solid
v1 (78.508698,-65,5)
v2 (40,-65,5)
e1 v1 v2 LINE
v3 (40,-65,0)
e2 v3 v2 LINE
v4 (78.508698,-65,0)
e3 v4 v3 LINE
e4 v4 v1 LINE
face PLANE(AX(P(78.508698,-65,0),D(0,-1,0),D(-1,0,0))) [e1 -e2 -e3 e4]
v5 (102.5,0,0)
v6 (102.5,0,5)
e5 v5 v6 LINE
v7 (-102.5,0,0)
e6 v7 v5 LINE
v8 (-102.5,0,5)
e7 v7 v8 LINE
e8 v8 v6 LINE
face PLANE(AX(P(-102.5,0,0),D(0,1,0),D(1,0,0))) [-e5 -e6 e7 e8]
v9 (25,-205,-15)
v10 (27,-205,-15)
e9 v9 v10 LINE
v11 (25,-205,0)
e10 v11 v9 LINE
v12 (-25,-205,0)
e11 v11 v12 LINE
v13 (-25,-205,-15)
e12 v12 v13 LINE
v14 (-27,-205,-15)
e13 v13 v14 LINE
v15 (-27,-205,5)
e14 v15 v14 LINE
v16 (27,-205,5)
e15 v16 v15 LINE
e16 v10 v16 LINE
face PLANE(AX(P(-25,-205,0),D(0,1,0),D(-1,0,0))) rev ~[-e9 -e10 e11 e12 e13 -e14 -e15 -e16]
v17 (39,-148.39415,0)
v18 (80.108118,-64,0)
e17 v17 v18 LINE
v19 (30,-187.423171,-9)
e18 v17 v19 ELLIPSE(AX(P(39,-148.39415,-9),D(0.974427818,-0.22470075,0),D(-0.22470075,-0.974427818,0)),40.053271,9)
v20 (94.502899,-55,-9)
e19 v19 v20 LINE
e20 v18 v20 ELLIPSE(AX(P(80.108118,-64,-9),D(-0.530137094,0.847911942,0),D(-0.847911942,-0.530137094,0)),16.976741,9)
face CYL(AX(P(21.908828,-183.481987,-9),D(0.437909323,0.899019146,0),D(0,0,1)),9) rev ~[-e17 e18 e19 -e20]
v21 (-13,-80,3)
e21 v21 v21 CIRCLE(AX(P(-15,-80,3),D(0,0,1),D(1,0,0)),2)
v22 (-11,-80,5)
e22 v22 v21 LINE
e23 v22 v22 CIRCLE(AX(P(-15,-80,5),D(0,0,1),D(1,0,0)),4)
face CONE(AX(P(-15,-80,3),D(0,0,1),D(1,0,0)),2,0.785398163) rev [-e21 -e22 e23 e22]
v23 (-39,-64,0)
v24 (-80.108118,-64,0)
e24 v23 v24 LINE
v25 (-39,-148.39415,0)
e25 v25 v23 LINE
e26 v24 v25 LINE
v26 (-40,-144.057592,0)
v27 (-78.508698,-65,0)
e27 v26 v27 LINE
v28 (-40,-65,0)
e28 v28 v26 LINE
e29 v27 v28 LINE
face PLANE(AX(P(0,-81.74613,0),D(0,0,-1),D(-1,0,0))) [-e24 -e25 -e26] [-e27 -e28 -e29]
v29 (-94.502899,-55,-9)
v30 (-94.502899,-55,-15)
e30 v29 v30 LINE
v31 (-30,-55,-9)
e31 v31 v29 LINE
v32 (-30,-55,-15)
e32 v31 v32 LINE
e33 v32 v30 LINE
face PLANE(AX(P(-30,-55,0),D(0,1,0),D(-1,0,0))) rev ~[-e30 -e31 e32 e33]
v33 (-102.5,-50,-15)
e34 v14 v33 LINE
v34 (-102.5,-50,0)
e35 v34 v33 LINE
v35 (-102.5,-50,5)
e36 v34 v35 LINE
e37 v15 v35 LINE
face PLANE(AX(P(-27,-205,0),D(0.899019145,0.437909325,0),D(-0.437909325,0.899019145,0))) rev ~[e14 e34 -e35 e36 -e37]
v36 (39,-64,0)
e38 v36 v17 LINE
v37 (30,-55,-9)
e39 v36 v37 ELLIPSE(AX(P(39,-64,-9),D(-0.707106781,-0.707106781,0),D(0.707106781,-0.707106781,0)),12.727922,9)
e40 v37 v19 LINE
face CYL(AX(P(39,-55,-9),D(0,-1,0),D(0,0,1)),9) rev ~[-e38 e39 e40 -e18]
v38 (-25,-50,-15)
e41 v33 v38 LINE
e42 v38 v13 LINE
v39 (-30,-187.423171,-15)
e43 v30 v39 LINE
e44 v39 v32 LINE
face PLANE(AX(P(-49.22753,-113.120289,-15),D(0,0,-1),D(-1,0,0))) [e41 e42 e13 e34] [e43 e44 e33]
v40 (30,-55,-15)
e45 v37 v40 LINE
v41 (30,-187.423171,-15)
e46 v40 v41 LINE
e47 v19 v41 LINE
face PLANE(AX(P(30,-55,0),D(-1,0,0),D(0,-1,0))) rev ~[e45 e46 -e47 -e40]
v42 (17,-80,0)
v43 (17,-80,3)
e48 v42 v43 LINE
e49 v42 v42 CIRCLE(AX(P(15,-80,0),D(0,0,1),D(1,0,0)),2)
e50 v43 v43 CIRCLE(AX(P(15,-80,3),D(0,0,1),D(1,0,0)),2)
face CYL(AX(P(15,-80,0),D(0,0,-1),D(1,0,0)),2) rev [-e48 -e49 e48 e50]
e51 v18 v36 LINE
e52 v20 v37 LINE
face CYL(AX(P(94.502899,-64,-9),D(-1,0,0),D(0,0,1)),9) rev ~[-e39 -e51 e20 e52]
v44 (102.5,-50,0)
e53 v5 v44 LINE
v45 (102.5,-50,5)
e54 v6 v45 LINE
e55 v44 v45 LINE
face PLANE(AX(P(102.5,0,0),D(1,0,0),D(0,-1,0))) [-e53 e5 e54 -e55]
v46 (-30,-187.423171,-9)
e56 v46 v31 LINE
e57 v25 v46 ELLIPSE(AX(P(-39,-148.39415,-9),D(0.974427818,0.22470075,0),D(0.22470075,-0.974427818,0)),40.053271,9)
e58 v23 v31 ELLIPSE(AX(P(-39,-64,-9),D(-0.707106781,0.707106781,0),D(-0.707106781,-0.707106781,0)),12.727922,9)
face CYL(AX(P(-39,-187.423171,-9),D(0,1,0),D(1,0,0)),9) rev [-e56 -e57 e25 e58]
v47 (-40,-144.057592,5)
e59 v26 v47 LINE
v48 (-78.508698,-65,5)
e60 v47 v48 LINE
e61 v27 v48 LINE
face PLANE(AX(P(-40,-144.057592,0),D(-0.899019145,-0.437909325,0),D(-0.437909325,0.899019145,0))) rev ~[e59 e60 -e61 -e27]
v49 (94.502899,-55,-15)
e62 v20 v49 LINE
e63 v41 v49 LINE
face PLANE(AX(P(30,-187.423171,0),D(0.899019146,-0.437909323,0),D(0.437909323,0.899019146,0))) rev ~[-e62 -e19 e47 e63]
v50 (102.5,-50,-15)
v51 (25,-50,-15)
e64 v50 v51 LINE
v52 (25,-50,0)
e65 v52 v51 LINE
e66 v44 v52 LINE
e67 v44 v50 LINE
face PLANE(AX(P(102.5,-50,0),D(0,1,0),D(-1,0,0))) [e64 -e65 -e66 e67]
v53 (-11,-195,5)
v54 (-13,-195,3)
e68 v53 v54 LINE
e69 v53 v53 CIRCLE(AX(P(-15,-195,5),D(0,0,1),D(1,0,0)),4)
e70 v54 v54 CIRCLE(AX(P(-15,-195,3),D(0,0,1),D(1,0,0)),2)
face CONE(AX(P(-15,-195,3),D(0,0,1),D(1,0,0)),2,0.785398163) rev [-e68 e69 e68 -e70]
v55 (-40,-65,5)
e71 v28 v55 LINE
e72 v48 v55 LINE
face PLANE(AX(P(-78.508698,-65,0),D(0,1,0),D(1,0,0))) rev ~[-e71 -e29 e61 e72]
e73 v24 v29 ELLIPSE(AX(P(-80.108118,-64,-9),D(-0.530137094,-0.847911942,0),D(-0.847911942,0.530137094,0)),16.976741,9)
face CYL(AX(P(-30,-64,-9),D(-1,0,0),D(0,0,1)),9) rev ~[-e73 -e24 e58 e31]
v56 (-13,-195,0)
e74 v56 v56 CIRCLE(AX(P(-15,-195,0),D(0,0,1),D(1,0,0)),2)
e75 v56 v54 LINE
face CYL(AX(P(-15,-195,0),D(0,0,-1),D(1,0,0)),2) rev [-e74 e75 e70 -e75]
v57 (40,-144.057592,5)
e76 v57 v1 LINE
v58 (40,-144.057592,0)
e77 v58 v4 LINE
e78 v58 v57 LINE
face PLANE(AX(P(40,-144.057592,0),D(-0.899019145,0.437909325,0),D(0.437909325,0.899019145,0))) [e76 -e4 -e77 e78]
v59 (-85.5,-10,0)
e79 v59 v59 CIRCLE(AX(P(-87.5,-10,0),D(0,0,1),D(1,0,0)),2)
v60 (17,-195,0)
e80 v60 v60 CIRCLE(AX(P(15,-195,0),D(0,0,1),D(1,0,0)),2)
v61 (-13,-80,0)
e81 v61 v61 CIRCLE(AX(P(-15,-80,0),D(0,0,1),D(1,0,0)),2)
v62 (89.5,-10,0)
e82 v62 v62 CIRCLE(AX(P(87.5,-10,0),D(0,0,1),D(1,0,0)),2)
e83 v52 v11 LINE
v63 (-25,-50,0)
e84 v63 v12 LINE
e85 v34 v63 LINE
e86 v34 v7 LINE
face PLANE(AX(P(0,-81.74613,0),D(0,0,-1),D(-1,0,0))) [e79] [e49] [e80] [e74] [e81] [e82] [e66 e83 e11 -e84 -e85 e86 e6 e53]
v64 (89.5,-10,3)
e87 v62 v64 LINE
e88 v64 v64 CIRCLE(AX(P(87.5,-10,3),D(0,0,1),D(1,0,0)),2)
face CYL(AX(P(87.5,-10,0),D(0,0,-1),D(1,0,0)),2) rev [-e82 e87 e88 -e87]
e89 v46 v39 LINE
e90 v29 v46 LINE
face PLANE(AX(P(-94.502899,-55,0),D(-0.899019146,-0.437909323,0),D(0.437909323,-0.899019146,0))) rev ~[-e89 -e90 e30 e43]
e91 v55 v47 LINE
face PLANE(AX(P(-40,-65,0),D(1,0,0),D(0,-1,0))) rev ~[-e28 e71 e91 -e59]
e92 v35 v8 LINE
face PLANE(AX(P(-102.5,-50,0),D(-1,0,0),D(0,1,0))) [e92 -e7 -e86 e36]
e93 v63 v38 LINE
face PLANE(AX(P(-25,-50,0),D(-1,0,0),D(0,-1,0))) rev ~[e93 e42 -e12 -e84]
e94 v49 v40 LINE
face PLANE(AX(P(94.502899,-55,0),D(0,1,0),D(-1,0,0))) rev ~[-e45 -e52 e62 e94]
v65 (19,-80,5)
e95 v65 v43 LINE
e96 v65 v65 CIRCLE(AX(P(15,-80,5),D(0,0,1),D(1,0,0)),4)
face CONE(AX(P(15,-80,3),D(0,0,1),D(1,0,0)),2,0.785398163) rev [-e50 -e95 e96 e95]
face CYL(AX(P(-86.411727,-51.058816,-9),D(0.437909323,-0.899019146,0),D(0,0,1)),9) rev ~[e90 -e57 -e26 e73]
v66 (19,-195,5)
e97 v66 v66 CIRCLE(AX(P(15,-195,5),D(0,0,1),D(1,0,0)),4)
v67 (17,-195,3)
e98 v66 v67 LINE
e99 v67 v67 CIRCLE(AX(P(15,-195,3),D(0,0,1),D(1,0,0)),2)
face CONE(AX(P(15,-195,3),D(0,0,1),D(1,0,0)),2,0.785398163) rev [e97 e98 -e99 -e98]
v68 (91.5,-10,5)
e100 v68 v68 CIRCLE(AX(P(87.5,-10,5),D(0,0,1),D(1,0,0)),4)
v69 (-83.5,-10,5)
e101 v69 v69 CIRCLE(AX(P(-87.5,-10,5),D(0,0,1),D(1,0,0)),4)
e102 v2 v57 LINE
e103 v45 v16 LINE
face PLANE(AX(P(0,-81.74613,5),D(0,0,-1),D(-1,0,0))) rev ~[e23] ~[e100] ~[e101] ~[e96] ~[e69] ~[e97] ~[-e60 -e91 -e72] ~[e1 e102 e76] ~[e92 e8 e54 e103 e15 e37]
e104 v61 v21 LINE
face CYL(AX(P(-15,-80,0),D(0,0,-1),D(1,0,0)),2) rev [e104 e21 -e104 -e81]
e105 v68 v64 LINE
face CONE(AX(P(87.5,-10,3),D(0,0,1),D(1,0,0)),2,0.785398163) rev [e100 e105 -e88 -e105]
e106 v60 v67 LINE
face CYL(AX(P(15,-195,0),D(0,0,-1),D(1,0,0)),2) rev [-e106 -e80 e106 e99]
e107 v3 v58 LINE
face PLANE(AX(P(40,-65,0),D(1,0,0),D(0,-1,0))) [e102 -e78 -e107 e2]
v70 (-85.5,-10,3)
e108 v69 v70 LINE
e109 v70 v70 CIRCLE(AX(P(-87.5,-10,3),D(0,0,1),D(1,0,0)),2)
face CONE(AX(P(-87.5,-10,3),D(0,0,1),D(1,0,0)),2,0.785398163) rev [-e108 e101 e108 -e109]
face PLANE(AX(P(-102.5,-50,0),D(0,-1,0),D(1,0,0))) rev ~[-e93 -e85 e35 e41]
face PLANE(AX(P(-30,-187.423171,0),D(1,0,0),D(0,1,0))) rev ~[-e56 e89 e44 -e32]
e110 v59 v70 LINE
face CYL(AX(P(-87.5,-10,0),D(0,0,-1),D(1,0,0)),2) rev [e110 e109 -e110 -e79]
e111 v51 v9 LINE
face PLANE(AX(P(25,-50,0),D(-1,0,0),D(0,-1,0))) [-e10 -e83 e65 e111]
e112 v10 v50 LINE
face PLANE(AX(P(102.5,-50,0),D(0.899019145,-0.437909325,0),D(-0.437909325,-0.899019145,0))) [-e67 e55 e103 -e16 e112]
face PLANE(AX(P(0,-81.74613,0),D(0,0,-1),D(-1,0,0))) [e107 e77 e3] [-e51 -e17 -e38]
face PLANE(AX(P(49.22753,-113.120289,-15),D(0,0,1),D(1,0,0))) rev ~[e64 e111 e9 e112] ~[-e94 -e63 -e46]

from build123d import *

# Parameters (mm, degrees)
SKETCH019_R     = 2
PAD_DEPTH       = 5
PAD001_DEPTH    = 15
FILLET003_R     = 9
CHAMFER004_SIZE = 2


with BuildPart() as part:
    # Sketch019 → Pad (new body)
    with BuildSketch(Plane.XY):
        Polygon((-102.5, 0), (102.5, 0), (102.5, -50), (27, -205), (-27, -205), (-102.5, -50), align=None)
        with Locations((-87.5, -10)):
            Circle(SKETCH019_R, mode=Mode.SUBTRACT)
        with Locations((87.5, -10)):
            Circle(SKETCH019_R, mode=Mode.SUBTRACT)
        with Locations((-15, -80)):
            Circle(SKETCH019_R, mode=Mode.SUBTRACT)
        with Locations((15, -80)):
            Circle(SKETCH019_R, mode=Mode.SUBTRACT)
        with Locations((-15, -195)):
            Circle(SKETCH019_R, mode=Mode.SUBTRACT)
        with Locations((15, -195)):
            Circle(SKETCH019_R, mode=Mode.SUBTRACT)
        Polygon((-78.508698, -65), (-40, -65), (-40, -144.057592), align=None, mode=Mode.SUBTRACT)
        Polygon((78.508698, -65), (40, -65), (40, -144.057592), align=None, mode=Mode.SUBTRACT)
    extrude(amount=PAD_DEPTH)

    # Sketch020 → Pad001 (join)
    with BuildSketch(Plane.XY):
        Polygon((-25, -50), (-25, -205), (-27, -205), (-102.5, -50), align=None)
        Polygon((-30, -187.423171), (-30, -55), (-94.502899, -55), align=None, mode=Mode.SUBTRACT)
        Polygon((25, -50), (25, -205), (27, -205), (102.5, -50), align=None)
        Polygon((94.502899, -55), (30, -55), (30, -187.423171), align=None, mode=Mode.SUBTRACT)
    extrude(amount=-PAD001_DEPTH)

    # Fillet003
    fillet003_edges = [part.edges().sort_by_distance(p)[0] for p in [
        (30, -121.211585, 0),
        (-62.25145, -55, 0),
        (-62.25145, -121.211585, 0),
        (62.25145, -55, 0),
        (62.25145, -121.211585, 0),
        (-30, -121.211585, 0),
    ]]
    fillet(fillet003_edges, radius=FILLET003_R)

    # Chamfer004
    chamfer004_edges = [part.edges().sort_by_distance(p)[0] for p in [
        (-89.5, -10, 5),
        (85.5, -10, 5),
        (-17, -80, 5),
        (13, -80, 5),
        (-17, -195, 5),
        (13, -195, 5),
    ]]
    chamfer(chamfer004_edges, length=CHAMFER004_SIZE)


solid = part.part
